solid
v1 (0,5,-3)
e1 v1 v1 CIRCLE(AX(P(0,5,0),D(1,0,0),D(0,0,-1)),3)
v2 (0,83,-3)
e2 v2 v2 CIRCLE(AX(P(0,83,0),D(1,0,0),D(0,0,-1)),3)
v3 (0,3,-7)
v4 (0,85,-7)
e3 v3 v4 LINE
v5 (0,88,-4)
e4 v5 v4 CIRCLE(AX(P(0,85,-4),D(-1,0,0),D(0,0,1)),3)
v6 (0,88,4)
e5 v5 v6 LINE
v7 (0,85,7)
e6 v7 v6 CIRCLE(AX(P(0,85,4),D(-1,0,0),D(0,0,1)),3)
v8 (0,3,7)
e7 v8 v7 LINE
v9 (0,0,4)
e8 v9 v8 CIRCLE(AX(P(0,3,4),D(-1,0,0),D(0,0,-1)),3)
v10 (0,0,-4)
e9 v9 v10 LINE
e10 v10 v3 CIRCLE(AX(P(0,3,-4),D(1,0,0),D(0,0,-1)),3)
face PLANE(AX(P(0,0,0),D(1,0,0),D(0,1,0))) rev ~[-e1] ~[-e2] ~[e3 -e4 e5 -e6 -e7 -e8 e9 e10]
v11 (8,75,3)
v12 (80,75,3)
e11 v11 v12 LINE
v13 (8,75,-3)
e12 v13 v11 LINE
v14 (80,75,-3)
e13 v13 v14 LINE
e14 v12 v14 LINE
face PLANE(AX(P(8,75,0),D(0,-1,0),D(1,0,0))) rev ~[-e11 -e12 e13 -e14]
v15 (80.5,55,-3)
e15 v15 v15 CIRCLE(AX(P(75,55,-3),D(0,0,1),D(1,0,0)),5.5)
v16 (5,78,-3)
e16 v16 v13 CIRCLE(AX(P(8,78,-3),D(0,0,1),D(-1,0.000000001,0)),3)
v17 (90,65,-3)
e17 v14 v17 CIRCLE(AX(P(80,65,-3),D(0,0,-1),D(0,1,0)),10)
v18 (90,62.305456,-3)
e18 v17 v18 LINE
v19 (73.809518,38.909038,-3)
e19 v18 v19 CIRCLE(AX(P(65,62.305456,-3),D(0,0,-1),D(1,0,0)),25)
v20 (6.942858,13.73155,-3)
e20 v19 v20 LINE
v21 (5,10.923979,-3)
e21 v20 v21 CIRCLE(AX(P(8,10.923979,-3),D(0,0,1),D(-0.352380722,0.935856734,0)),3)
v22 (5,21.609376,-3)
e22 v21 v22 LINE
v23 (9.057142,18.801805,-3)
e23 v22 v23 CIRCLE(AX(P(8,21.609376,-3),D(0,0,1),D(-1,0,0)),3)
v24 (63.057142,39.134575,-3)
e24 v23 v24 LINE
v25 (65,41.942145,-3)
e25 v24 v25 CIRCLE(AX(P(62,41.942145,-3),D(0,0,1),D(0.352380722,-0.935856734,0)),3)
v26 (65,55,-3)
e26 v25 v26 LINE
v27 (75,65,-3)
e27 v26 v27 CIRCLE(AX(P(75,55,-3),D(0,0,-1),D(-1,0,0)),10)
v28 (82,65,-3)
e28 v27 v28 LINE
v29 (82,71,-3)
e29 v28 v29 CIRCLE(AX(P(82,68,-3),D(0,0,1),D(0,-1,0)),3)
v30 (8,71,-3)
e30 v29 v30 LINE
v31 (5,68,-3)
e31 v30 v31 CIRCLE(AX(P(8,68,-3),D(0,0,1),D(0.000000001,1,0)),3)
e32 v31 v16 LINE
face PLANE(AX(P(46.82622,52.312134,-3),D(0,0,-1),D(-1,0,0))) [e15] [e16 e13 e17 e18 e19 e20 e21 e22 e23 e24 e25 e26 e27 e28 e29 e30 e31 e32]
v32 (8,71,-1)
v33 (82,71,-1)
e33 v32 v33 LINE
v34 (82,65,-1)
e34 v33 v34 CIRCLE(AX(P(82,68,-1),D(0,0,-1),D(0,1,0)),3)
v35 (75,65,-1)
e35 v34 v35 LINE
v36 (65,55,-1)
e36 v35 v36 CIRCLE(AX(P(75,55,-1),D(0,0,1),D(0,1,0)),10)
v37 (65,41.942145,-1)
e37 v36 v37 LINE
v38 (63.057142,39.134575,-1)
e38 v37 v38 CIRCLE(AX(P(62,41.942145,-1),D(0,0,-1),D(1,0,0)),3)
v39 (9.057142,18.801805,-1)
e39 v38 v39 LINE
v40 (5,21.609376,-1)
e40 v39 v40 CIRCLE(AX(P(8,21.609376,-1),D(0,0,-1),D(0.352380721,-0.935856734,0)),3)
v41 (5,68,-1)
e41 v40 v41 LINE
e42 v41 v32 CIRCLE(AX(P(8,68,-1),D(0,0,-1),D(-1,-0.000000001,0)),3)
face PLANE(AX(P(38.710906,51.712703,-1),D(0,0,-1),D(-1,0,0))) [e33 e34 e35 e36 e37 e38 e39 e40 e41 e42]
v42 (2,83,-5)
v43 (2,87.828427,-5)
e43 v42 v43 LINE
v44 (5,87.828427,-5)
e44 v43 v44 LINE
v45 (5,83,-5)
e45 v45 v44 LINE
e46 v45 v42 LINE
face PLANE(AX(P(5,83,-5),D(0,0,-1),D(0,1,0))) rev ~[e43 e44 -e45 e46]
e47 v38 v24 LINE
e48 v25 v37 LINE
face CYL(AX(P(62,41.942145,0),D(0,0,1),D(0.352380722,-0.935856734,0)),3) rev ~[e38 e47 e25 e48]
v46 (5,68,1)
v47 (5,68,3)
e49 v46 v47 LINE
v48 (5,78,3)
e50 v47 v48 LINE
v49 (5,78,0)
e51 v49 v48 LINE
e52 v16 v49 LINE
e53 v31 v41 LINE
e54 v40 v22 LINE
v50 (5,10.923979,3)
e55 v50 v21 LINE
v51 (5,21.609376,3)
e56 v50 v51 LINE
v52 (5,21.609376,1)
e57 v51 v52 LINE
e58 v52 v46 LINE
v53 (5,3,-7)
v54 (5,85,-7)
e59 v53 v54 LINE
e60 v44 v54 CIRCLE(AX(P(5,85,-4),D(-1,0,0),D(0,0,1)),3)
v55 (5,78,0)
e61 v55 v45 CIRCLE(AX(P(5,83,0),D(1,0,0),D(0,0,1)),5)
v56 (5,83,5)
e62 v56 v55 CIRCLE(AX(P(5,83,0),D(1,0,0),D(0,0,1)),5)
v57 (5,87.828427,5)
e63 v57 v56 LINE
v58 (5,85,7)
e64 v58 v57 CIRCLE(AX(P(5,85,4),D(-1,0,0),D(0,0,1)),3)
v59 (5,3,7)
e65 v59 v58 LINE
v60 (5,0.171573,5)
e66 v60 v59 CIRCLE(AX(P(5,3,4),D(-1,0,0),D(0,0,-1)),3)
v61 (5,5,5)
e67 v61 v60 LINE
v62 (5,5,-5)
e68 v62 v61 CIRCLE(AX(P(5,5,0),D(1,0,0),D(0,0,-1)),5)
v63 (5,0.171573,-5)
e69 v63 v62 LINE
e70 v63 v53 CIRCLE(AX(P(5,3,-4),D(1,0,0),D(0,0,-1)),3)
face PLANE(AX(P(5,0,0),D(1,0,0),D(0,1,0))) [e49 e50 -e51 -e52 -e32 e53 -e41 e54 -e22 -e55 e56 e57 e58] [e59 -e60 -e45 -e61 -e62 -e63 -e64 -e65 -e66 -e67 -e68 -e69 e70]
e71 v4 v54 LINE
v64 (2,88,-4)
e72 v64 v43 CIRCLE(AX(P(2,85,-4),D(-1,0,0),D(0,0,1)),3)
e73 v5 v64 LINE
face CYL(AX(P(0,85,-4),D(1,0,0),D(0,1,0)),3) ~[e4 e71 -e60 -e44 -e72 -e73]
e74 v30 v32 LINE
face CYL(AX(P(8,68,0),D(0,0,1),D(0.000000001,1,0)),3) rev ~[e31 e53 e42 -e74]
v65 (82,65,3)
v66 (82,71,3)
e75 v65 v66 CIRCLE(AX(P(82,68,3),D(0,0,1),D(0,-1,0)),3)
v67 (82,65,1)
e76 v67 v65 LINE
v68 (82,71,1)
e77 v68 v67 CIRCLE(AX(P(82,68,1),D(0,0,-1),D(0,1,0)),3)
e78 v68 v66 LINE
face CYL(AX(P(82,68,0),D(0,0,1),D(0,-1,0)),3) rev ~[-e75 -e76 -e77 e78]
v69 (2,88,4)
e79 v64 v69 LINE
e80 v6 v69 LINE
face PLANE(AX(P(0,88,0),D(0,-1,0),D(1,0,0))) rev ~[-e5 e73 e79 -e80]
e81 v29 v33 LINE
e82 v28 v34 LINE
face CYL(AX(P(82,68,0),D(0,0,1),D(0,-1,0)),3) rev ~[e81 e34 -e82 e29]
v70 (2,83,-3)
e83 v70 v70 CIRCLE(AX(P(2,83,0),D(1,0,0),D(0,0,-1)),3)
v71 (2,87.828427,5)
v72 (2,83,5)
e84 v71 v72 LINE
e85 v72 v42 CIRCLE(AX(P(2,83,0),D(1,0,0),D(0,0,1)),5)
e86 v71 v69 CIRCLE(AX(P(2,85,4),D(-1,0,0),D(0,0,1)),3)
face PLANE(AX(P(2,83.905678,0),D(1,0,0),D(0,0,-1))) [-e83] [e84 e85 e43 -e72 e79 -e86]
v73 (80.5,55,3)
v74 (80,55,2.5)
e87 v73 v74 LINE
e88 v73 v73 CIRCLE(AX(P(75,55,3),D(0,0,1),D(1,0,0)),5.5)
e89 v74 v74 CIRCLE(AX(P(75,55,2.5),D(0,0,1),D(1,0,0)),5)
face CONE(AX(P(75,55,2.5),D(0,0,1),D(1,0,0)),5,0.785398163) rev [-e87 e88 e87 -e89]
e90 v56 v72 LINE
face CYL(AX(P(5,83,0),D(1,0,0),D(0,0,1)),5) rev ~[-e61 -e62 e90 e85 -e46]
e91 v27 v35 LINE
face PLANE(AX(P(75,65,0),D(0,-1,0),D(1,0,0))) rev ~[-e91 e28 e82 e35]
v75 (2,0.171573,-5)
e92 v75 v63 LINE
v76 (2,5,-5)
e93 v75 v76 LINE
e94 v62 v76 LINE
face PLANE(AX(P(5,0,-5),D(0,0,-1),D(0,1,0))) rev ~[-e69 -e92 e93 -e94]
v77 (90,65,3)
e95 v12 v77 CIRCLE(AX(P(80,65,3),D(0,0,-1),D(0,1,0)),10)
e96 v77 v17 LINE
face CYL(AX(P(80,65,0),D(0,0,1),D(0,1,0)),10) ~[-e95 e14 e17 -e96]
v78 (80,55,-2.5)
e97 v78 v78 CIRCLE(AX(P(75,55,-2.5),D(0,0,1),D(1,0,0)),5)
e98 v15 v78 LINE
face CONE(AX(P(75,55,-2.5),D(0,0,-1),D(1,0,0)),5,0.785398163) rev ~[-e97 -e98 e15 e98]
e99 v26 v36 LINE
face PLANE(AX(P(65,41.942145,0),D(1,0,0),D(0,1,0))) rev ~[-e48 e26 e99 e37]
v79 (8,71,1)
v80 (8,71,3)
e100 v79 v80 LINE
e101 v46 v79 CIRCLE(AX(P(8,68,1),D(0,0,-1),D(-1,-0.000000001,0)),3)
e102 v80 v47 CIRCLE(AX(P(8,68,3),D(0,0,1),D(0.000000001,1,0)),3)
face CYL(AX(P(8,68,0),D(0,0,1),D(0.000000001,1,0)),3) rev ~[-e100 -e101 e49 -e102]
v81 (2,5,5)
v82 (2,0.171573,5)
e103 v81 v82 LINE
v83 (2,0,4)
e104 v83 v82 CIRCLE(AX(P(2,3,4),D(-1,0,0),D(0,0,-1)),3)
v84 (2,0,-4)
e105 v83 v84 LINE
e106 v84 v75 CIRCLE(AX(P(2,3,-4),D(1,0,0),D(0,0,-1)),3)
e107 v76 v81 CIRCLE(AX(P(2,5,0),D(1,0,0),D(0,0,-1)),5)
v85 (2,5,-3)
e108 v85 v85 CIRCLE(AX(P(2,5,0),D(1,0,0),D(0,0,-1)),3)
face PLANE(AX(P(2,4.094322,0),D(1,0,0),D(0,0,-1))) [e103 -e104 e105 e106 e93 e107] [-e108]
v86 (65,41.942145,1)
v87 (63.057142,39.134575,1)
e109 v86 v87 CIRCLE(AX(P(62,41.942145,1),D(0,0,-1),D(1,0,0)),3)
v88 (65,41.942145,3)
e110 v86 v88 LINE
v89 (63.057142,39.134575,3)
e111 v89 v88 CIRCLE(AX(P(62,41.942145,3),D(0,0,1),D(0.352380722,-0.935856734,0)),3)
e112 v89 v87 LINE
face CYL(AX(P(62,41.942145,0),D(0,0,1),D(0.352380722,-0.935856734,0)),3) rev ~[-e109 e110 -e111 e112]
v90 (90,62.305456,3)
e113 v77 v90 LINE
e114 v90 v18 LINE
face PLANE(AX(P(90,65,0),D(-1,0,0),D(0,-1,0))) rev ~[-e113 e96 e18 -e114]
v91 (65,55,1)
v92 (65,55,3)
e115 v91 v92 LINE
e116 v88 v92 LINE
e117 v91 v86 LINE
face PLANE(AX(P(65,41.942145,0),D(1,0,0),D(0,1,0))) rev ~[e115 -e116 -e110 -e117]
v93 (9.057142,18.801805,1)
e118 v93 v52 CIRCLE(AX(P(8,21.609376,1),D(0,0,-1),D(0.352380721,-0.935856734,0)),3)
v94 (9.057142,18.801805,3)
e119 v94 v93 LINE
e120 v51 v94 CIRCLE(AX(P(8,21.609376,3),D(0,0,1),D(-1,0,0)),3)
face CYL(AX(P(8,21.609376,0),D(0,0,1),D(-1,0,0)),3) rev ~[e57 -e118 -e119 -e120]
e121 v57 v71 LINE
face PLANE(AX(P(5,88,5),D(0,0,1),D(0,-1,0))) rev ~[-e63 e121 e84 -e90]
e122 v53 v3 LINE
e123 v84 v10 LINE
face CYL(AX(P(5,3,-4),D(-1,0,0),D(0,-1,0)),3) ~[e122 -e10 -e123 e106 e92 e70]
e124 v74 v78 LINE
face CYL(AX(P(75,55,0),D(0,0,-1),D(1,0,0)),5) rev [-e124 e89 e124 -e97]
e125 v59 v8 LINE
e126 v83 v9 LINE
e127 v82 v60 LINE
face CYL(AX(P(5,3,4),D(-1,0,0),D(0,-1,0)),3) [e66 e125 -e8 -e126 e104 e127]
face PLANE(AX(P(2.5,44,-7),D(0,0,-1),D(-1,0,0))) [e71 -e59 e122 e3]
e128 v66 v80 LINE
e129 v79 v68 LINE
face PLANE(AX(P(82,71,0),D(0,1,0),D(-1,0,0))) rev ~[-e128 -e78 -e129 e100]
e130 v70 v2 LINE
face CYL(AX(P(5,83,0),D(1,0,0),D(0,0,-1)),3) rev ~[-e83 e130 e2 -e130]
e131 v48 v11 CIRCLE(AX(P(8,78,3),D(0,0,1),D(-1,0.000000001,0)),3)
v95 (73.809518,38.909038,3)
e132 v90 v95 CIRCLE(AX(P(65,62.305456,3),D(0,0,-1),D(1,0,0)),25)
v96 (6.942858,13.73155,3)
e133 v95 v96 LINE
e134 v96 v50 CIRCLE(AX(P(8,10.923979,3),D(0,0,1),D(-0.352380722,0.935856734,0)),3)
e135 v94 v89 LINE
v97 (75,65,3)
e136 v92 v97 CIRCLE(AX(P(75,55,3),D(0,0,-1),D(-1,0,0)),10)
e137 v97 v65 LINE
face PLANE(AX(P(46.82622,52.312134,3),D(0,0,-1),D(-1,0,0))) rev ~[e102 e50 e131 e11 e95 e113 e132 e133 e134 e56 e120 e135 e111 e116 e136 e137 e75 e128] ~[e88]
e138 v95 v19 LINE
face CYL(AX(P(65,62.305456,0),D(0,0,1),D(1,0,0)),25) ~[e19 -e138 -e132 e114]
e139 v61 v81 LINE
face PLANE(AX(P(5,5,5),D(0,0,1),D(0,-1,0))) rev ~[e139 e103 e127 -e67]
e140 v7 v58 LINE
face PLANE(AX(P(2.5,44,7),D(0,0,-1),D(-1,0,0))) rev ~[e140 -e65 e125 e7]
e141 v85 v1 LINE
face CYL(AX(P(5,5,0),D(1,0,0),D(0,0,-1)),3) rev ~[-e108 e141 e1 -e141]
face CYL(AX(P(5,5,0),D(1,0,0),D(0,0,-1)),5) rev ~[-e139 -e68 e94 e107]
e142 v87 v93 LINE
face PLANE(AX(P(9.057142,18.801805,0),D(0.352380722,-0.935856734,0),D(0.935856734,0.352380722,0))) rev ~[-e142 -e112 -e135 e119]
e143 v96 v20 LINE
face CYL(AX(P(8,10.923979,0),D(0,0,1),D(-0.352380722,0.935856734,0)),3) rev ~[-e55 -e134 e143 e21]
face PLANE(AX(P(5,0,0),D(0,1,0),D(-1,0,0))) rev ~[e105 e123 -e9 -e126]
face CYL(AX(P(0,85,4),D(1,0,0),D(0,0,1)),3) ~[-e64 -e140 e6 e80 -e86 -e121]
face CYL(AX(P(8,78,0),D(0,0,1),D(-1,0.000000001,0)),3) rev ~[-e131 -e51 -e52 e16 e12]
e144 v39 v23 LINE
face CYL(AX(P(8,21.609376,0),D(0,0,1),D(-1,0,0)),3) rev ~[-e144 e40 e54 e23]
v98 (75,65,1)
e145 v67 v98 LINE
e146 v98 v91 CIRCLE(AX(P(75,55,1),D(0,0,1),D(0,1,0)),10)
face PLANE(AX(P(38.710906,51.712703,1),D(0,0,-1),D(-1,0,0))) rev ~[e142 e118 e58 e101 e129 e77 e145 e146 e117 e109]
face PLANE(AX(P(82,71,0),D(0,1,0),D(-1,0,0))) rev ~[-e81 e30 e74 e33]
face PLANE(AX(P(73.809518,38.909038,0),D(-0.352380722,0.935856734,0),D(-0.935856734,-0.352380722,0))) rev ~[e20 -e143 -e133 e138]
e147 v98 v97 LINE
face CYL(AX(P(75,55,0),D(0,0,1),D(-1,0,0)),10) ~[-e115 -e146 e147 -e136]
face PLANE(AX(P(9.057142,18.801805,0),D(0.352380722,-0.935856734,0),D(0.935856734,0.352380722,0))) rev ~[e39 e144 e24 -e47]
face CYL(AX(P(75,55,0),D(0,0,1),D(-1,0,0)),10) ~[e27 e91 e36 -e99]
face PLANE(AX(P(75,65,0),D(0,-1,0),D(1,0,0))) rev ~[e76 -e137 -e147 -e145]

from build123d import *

# Parameters (mm, degrees)
EXTRUDE_2_DEPTH     = 7
SKETCH_2_10_R       = 5
EXTRUDE_6_DEPTH     = 3
EXTRUDE_7_DEPTH     = 1
SKETCH_5_R          = 3
CUT_EXTRUDE_1_DEPTH = 3
SKETCH_5_5_R        = 3
CUT_EXTRUDE_2_DEPTH = 123.547949799
FILLET_1_R          = 3
CHAMFER_2_SIZE      = 0.5


with BuildPart() as part:
    # Эскиз2 → Бобышка-Вытянуть2 (new, symmetric)
    with BuildSketch(Plane.XY):
        Polygon((5, 21.609375634), (5, 68), (5, 78), (5, 88), (0, 88), (0, 0), (5, 0), (5, 10.923979425), align=None)
    extrude(amount=EXTRUDE_2_DEPTH, both=True)

    # Эскиз2<10> → Бобышка-Вытянуть6 (add, symmetric)
    with BuildSketch(Plane.XY):
        with BuildLine():
            Line((82, 65), (75, 65))
            ThreePointArc((75, 65), (67.928932188, 62.071067812), (65, 55))
            Line((65, 55), (65, 41.942144818))
            ThreePointArc((65, 41.942144818), (64.466923843, 40.2350166), (63.057142165, 39.134574615))
            Line((63.057142165, 39.134574615), (9.057142165, 18.801805431))
            ThreePointArc((9.057142165, 18.801805431), (6.292871782, 19.142451791), (5, 21.609375634))
            Line((5, 21.609375634), (5, 10.923979425))
            ThreePointArc((5, 10.923979425), (5.533076157, 12.631107643), (6.942857835, 13.731549628))
            Line((6.942857835, 13.731549628), (73.80951804, 38.909037925))
            ThreePointArc((73.80951804, 38.909037925), (85.557698692, 48.079387798), (90, 62.305456282))
            Line((90, 62.305456282), (90, 65))
            ThreePointArc((90, 65), (87.071067812, 72.071067812), (80, 75))
            Line((80, 75), (8, 75))
            ThreePointArc((8, 75), (5.878679656, 75.878679656), (5, 78))
            Line((5, 78), (5, 68))
            ThreePointArc((5, 68), (5.878679656, 70.121320344), (8, 71))
            Line((8, 71), (82, 71))
            ThreePointArc((82, 71), (85, 68), (82, 65))
        make_face()
        with Locations((75, 55)):
            Circle(SKETCH_2_10_R, mode=Mode.SUBTRACT)
    extrude(amount=EXTRUDE_6_DEPTH, both=True)

    # Эскиз2<11> → Бобышка-Вытянуть7 (add, symmetric)
    with BuildSketch(Plane.XY):
        with BuildLine():
            ThreePointArc((65, 55), (67.928932188, 62.071067812), (75, 65))
            Line((75, 65), (82, 65))
            ThreePointArc((82, 65), (85, 68), (82, 71))
            Line((82, 71), (8, 71))
            ThreePointArc((8, 71), (5.878679656, 70.121320344), (5, 68))
            Line((5, 68), (5, 21.609375634))
            ThreePointArc((5, 21.609375634), (6.292871782, 19.142451791), (9.057142165, 18.801805431))
            Line((9.057142165, 18.801805431), (63.057142165, 39.134574615))
            ThreePointArc((63.057142165, 39.134574615), (64.466923843, 40.2350166), (65, 41.942144818))
            Line((65, 41.942144818), (65, 55))
        make_face()
    extrude(amount=EXTRUDE_7_DEPTH, both=True)

    # Эскиз5 → Вырез-Вытянуть1 (cut)
    # profile 1 of 2: a face of its own
    with BuildSketch(Plane(origin=(5, 0, 0), x_dir=(0, 0, -1), z_dir=(1, 0, 0))):
        with BuildLine():
            Line((-5, 0), (0, 0))
            Line((0, 0), (5, 0))
            Line((5, 0), (5, 5))
            ThreePointArc((5, 5), (0, 10), (-5, 5))
            Line((-5, 5), (-5, 0))
        make_face()
        with Locations((0, 5)):
            Circle(SKETCH_5_R, mode=Mode.SUBTRACT)
    # profile 2 of 2: a face of its own
    with BuildSketch(Plane(origin=(5, 0, 0), x_dir=(0, 0, -1), z_dir=(1, 0, 0))):
        with BuildLine():
            Line((-5, 88), (-5, 83))
            ThreePointArc((-5, 83), (0, 78), (5, 83))
            Line((5, 83), (5, 88))
            Line((5, 88), (-5, 88))
        make_face()
        with Locations((0, 83)):
            Circle(SKETCH_5_R, mode=Mode.SUBTRACT)
    extrude(amount=-CUT_EXTRUDE_1_DEPTH, mode=Mode.SUBTRACT)

    # Эскиз5<5> → Вырез-Вытянуть2 (cut, through all)
    with BuildSketch(Plane(origin=(5, 0, 0), x_dir=(0, 0, -1), z_dir=(1, 0, 0))):
        with Locations((0, 83)):
            Circle(SKETCH_5_5_R)
        with Locations((0, 5)):
            Circle(SKETCH_5_5_R)
    extrude(amount=-CUT_EXTRUDE_2_DEPTH, mode=Mode.SUBTRACT)

    # Скругление1
    fillet_1_edges = [part.edges().sort_by_distance(p)[0] for p in [
        (2.5, 0, 7),
        (2.5, 0, -7),
        (2.5, 88, -7),
        (2.5, 88, 7),
    ]]
    fillet(fillet_1_edges, radius=FILLET_1_R)

    # Фаска2
    chamfer_2_edges = [part.edges().sort_by_distance(p)[0] for p in [
        (70, 55, -3),
        (70, 55, 3),
    ]]
    chamfer(chamfer_2_edges, length=CHAMFER_2_SIZE)


solid = part.part
